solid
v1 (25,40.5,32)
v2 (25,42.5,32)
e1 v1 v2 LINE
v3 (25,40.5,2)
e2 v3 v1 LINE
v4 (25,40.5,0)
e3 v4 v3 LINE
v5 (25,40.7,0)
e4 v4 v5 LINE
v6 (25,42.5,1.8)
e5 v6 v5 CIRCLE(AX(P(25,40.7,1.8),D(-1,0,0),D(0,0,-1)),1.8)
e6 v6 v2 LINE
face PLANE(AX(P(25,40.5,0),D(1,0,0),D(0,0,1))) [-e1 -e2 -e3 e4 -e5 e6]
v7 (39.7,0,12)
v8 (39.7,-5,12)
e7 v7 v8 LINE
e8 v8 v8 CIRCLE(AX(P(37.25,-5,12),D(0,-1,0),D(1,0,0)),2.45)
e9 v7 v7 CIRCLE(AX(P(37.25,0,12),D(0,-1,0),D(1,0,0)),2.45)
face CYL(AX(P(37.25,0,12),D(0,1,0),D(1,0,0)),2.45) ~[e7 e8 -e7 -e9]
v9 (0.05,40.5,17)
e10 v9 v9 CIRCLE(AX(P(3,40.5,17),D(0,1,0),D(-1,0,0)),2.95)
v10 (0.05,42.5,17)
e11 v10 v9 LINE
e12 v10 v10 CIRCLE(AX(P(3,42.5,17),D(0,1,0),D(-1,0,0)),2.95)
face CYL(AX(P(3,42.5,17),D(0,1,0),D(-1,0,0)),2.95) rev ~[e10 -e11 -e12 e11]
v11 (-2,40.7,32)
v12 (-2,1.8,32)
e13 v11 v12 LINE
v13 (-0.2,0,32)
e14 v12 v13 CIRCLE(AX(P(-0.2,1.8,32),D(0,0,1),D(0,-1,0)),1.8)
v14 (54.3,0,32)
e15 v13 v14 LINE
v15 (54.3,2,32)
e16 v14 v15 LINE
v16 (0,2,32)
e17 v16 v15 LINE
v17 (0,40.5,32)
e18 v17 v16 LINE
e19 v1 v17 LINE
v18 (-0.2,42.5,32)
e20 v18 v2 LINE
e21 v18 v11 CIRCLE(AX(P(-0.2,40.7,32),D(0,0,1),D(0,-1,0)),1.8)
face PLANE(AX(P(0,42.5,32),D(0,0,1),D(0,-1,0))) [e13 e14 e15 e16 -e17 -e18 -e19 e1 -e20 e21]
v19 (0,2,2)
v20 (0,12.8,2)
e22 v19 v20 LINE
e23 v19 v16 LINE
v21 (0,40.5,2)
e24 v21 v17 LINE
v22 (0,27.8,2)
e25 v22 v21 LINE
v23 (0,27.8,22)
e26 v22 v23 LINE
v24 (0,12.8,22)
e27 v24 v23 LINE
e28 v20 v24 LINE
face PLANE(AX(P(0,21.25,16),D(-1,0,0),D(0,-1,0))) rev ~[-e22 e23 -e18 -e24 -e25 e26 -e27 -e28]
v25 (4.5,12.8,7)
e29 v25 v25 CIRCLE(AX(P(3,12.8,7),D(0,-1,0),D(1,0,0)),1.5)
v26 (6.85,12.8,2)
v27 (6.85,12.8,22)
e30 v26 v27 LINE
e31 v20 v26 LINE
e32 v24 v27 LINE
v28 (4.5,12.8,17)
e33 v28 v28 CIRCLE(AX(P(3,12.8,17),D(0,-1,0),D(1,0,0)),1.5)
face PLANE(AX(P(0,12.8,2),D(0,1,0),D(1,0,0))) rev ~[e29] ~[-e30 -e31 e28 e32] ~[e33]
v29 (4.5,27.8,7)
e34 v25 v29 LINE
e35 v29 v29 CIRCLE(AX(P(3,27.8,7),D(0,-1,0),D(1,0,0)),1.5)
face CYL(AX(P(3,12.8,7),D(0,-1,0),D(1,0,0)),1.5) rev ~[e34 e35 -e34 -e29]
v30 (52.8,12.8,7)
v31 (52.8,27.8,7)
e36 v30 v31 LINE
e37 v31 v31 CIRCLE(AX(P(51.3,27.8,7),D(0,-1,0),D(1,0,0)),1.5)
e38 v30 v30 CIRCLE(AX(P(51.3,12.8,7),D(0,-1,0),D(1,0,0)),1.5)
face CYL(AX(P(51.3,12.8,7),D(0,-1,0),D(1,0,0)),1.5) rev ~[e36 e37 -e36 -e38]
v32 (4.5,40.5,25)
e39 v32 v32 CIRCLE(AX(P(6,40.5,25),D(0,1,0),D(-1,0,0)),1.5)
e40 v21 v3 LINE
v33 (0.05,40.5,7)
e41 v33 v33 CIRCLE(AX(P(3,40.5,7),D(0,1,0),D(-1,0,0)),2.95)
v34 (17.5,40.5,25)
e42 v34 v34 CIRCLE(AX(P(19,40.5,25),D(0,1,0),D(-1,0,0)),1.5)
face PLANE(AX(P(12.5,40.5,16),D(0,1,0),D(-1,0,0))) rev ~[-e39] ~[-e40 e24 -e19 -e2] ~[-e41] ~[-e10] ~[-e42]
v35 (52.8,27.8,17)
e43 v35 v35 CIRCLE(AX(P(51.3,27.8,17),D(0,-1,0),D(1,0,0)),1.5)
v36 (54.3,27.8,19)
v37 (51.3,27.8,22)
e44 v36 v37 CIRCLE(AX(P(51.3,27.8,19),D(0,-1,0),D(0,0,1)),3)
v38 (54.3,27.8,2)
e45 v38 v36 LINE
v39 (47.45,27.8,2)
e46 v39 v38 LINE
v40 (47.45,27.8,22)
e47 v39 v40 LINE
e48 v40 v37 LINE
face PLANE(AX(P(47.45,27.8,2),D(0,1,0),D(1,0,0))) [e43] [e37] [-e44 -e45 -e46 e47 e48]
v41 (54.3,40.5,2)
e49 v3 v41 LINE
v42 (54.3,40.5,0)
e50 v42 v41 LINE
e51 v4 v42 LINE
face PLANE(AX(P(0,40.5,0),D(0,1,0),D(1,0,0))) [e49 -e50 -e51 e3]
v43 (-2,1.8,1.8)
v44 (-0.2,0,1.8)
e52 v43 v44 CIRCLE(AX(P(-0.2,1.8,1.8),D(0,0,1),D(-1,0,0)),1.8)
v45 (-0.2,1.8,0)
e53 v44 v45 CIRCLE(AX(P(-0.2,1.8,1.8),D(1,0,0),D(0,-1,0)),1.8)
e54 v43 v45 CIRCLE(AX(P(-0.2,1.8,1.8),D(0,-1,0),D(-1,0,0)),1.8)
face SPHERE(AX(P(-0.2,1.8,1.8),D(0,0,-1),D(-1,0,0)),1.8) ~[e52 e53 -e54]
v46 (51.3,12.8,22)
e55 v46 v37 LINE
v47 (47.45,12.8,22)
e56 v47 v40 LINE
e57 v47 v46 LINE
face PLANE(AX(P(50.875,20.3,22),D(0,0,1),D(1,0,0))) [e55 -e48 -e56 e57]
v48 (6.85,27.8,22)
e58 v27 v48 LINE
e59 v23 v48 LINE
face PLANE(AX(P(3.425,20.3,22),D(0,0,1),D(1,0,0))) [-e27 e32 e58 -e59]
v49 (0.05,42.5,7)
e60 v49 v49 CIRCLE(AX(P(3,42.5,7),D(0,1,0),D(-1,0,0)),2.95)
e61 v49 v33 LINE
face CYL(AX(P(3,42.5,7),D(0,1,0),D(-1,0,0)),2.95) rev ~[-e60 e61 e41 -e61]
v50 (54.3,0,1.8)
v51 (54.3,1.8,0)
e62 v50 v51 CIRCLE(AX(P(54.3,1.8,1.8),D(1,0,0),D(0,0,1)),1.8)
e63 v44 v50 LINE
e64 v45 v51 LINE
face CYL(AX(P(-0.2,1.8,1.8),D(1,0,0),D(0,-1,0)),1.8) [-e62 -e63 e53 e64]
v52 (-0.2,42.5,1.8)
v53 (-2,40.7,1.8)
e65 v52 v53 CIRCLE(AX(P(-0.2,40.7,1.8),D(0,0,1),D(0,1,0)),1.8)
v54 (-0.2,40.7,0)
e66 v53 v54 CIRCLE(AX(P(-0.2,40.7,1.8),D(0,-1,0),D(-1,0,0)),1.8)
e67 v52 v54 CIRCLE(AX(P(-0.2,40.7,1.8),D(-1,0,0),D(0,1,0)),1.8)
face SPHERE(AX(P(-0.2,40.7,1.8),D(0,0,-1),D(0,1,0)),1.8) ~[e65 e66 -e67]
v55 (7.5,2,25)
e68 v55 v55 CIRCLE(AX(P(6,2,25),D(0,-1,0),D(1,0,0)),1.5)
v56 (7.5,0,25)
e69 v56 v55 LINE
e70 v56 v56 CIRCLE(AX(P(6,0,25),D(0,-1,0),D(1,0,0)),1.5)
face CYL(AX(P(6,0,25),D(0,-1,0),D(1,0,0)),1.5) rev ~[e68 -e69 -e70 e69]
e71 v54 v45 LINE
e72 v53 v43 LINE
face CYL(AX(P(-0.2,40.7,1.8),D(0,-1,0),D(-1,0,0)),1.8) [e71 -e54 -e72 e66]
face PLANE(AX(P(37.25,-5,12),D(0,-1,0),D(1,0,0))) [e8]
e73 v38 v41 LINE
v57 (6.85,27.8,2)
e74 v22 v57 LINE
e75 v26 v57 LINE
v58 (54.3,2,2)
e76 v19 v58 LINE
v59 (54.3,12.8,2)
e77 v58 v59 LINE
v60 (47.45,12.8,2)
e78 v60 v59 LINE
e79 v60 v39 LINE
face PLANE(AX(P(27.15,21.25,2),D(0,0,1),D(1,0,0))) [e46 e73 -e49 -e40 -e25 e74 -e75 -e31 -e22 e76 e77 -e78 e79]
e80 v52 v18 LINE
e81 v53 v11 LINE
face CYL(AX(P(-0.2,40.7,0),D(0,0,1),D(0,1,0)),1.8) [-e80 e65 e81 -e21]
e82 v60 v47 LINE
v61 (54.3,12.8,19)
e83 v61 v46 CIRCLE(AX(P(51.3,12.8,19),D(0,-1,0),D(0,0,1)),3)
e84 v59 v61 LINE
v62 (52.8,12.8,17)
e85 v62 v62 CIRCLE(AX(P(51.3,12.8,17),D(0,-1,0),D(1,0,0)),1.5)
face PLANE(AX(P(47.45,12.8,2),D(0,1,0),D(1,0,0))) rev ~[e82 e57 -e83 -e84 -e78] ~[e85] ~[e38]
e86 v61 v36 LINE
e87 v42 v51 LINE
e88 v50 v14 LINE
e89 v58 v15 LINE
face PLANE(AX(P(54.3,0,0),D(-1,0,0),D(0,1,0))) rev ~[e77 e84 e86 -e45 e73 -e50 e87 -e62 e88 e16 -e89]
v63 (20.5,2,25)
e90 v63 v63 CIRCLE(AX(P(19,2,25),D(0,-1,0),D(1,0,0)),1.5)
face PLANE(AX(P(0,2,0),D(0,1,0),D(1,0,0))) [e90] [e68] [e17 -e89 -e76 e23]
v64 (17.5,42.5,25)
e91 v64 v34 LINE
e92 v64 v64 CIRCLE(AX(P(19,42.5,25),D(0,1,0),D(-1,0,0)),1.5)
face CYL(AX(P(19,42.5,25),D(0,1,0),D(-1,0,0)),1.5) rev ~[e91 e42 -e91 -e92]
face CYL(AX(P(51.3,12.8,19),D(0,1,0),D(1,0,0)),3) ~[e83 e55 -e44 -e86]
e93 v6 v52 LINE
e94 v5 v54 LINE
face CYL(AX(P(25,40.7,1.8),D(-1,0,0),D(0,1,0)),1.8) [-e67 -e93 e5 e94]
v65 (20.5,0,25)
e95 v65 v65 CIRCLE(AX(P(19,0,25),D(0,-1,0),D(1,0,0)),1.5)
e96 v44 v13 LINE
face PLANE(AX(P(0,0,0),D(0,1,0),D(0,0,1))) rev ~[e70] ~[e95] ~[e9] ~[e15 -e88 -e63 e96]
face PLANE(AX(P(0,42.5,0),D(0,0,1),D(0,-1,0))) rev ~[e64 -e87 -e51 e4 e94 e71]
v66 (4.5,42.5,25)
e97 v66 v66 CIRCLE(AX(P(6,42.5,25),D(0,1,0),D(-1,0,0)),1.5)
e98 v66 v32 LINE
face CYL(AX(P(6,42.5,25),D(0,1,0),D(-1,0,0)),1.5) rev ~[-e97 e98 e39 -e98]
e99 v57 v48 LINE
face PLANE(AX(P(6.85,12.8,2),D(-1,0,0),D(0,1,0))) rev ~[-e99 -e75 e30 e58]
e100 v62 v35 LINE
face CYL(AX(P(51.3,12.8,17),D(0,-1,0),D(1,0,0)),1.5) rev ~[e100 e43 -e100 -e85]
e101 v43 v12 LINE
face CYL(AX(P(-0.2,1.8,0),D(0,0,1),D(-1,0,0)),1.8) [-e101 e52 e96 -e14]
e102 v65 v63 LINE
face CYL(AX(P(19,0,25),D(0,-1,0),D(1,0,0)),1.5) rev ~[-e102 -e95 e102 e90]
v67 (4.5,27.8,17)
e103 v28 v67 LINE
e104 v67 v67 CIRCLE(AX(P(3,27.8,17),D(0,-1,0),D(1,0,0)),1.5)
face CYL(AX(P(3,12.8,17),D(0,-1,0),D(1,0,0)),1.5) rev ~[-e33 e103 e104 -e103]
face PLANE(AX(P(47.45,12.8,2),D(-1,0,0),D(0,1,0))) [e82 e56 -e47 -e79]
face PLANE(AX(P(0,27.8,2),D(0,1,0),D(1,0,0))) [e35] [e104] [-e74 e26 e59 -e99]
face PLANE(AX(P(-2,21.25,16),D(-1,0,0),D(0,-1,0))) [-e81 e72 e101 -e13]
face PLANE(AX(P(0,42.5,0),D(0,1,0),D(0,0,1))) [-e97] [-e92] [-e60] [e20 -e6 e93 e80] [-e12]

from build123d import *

# Parameters (mm, degrees)
SKETCH_W        = 54.3
SKETCH_H        = 38.5
PAD_DEPTH       = 2
SKETCH003_W     = 6.85
SKETCH003_H     = 15
PAD001_DEPTH    = 20
SKETCH001_W     = 54.3
SKETCH001_H     = 2
PAD003_DEPTH    = 32
SKETCH005_W     = 6.85
SKETCH005_H     = 15
PAD004_DEPTH    = 20
SKETCH002_R     = 2.45
PAD005_DEPTH    = 5
SKETCH007_W     = 25
SKETCH007_H     = 32
PAD006_DEPTH    = 2
SKETCH006_R     = 1.5
POCKET_DEPTH    = 15
SKETCH004_R     = 1.5
POCKET001_DEPTH = 20
SKETCH009_R     = 1.5
SKETCH009_R_2   = 2.95
POCKET002_DEPTH = 2
SKETCH008_R     = 1.5
POCKET003_DEPTH = 3
SKETCH010_W     = 42.5
SKETCH010_H     = 32
PAD007_DEPTH    = 2
FILLET_R        = 1.8
FILLET001_R     = 1.8
FILLET002_R     = 1.8
FILLET003_R     = 3


with BuildPart() as part:
    # Sketch → Pad (new body)
    with BuildSketch(Plane.XY):
        with Locations((27.15, 21.25)):
            Rectangle(SKETCH_W, SKETCH_H)
    extrude(amount=PAD_DEPTH)

    # Sketch003 → Pad001 (join)
    with BuildSketch(Plane.XY.offset(2)):
        with Locations((3.425, 20.3)):
            Rectangle(SKETCH003_W, SKETCH003_H)
    extrude(amount=PAD001_DEPTH)

    # Sketch001 → Pad003 (join)
    with BuildSketch(Plane.XY):
        with Locations((27.15, 1)):
            Rectangle(SKETCH001_W, SKETCH001_H)
    extrude(amount=PAD003_DEPTH)

    # Sketch005 (on Face5 of Pad003) → Pad004 (join)
    with BuildSketch(Plane.XY.offset(2)):
        with Locations((50.875, 20.3)):
            Rectangle(SKETCH005_W, SKETCH005_H)
    extrude(amount=PAD004_DEPTH)

    # Sketch002 (on Face18 of Pad004) → Pad005 (join)
    with BuildSketch(Plane.XZ):
        with Locations((37.25, 12)):
            Circle(SKETCH002_R)
    extrude(amount=PAD005_DEPTH)

    # Sketch007 (on Face1 of Pad005) → Pad006 (join)
    with BuildSketch(Plane(origin=(0, 40.5, 0), x_dir=(-1, 0, 0), z_dir=(0, 1, 0))):
        with Locations((-12.5, 16)):
            Rectangle(SKETCH007_W, SKETCH007_H)
    extrude(amount=PAD006_DEPTH)

    # Sketch006 (on Face14 of Pad006) → Pocket (cut)
    with BuildSketch(Plane.XZ.offset(-12.8)):
        with Locations((51.3, 17)):
            Circle(SKETCH006_R)
        with Locations((51.3, 7)):
            Circle(SKETCH006_R)
    extrude(amount=-POCKET_DEPTH, mode=Mode.SUBTRACT)

    # Sketch004 (on Face16 of Pocket) → Pocket001 (cut)
    with BuildSketch(Plane.XZ.offset(-12.8)):
        with Locations((3, 17)):
            Circle(SKETCH004_R)
        with Locations((3, 7)):
            Circle(SKETCH004_R)
    extrude(amount=-POCKET001_DEPTH, mode=Mode.SUBTRACT)

    # Sketch009 (on Face20 of Pocket001) → Pocket002 (cut)
    with BuildSketch(Plane(origin=(0, 42.5, 0), x_dir=(-1, 0, 0), z_dir=(0, 1, 0))):
        with Locations((-6, 25)):
            Circle(SKETCH009_R)
        with Locations((-19, 25)):
            Circle(SKETCH009_R)
        with Locations((-3, 7)):
            Circle(SKETCH009_R_2)
        with Locations((-3, 17)):
            Circle(SKETCH009_R_2)
    extrude(amount=-POCKET002_DEPTH, mode=Mode.SUBTRACT)

    # Sketch008 → Pocket003 (cut)
    with BuildSketch(Plane.XZ):
        with Locations((19, 25)):
            Circle(SKETCH008_R)
        with Locations((6, 25)):
            Circle(SKETCH008_R)
    extrude(amount=-POCKET003_DEPTH, mode=Mode.SUBTRACT)

    # Sketch010 (on Face8 of Pocket003) → Pad007 (join)
    with BuildSketch(Plane(origin=(0, 0, 0), x_dir=(0, -1, 0), z_dir=(-1, 0, 0))):
        with Locations((-21.25, 16)):
            Rectangle(SKETCH010_W, SKETCH010_H)
    extrude(amount=PAD007_DEPTH)

    # Fillet
    fillet_edges = [part.edges().sort_by_distance(p)[0] for p in [
        (-2, 42.5, 16),
    ]]
    fillet(fillet_edges, radius=FILLET_R)

    # Fillet001
    fillet001_edges = [part.edges().sort_by_distance(p)[0] for p in [
        (-2, 0, 16),
    ]]
    fillet(fillet001_edges, radius=FILLET001_R)

    # Fillet002
    fillet002_edges = [part.edges().sort_by_distance(p)[0] for p in [
        (-2, 21.25, 0),
    ]]
    fillet(fillet002_edges, radius=FILLET002_R)

    # Fillet003
    fillet003_edges = [part.edges().sort_by_distance(p)[0] for p in [
        (54.3, 20.3, 22),
    ]]
    fillet(fillet003_edges, radius=FILLET003_R)


solid = part.part
